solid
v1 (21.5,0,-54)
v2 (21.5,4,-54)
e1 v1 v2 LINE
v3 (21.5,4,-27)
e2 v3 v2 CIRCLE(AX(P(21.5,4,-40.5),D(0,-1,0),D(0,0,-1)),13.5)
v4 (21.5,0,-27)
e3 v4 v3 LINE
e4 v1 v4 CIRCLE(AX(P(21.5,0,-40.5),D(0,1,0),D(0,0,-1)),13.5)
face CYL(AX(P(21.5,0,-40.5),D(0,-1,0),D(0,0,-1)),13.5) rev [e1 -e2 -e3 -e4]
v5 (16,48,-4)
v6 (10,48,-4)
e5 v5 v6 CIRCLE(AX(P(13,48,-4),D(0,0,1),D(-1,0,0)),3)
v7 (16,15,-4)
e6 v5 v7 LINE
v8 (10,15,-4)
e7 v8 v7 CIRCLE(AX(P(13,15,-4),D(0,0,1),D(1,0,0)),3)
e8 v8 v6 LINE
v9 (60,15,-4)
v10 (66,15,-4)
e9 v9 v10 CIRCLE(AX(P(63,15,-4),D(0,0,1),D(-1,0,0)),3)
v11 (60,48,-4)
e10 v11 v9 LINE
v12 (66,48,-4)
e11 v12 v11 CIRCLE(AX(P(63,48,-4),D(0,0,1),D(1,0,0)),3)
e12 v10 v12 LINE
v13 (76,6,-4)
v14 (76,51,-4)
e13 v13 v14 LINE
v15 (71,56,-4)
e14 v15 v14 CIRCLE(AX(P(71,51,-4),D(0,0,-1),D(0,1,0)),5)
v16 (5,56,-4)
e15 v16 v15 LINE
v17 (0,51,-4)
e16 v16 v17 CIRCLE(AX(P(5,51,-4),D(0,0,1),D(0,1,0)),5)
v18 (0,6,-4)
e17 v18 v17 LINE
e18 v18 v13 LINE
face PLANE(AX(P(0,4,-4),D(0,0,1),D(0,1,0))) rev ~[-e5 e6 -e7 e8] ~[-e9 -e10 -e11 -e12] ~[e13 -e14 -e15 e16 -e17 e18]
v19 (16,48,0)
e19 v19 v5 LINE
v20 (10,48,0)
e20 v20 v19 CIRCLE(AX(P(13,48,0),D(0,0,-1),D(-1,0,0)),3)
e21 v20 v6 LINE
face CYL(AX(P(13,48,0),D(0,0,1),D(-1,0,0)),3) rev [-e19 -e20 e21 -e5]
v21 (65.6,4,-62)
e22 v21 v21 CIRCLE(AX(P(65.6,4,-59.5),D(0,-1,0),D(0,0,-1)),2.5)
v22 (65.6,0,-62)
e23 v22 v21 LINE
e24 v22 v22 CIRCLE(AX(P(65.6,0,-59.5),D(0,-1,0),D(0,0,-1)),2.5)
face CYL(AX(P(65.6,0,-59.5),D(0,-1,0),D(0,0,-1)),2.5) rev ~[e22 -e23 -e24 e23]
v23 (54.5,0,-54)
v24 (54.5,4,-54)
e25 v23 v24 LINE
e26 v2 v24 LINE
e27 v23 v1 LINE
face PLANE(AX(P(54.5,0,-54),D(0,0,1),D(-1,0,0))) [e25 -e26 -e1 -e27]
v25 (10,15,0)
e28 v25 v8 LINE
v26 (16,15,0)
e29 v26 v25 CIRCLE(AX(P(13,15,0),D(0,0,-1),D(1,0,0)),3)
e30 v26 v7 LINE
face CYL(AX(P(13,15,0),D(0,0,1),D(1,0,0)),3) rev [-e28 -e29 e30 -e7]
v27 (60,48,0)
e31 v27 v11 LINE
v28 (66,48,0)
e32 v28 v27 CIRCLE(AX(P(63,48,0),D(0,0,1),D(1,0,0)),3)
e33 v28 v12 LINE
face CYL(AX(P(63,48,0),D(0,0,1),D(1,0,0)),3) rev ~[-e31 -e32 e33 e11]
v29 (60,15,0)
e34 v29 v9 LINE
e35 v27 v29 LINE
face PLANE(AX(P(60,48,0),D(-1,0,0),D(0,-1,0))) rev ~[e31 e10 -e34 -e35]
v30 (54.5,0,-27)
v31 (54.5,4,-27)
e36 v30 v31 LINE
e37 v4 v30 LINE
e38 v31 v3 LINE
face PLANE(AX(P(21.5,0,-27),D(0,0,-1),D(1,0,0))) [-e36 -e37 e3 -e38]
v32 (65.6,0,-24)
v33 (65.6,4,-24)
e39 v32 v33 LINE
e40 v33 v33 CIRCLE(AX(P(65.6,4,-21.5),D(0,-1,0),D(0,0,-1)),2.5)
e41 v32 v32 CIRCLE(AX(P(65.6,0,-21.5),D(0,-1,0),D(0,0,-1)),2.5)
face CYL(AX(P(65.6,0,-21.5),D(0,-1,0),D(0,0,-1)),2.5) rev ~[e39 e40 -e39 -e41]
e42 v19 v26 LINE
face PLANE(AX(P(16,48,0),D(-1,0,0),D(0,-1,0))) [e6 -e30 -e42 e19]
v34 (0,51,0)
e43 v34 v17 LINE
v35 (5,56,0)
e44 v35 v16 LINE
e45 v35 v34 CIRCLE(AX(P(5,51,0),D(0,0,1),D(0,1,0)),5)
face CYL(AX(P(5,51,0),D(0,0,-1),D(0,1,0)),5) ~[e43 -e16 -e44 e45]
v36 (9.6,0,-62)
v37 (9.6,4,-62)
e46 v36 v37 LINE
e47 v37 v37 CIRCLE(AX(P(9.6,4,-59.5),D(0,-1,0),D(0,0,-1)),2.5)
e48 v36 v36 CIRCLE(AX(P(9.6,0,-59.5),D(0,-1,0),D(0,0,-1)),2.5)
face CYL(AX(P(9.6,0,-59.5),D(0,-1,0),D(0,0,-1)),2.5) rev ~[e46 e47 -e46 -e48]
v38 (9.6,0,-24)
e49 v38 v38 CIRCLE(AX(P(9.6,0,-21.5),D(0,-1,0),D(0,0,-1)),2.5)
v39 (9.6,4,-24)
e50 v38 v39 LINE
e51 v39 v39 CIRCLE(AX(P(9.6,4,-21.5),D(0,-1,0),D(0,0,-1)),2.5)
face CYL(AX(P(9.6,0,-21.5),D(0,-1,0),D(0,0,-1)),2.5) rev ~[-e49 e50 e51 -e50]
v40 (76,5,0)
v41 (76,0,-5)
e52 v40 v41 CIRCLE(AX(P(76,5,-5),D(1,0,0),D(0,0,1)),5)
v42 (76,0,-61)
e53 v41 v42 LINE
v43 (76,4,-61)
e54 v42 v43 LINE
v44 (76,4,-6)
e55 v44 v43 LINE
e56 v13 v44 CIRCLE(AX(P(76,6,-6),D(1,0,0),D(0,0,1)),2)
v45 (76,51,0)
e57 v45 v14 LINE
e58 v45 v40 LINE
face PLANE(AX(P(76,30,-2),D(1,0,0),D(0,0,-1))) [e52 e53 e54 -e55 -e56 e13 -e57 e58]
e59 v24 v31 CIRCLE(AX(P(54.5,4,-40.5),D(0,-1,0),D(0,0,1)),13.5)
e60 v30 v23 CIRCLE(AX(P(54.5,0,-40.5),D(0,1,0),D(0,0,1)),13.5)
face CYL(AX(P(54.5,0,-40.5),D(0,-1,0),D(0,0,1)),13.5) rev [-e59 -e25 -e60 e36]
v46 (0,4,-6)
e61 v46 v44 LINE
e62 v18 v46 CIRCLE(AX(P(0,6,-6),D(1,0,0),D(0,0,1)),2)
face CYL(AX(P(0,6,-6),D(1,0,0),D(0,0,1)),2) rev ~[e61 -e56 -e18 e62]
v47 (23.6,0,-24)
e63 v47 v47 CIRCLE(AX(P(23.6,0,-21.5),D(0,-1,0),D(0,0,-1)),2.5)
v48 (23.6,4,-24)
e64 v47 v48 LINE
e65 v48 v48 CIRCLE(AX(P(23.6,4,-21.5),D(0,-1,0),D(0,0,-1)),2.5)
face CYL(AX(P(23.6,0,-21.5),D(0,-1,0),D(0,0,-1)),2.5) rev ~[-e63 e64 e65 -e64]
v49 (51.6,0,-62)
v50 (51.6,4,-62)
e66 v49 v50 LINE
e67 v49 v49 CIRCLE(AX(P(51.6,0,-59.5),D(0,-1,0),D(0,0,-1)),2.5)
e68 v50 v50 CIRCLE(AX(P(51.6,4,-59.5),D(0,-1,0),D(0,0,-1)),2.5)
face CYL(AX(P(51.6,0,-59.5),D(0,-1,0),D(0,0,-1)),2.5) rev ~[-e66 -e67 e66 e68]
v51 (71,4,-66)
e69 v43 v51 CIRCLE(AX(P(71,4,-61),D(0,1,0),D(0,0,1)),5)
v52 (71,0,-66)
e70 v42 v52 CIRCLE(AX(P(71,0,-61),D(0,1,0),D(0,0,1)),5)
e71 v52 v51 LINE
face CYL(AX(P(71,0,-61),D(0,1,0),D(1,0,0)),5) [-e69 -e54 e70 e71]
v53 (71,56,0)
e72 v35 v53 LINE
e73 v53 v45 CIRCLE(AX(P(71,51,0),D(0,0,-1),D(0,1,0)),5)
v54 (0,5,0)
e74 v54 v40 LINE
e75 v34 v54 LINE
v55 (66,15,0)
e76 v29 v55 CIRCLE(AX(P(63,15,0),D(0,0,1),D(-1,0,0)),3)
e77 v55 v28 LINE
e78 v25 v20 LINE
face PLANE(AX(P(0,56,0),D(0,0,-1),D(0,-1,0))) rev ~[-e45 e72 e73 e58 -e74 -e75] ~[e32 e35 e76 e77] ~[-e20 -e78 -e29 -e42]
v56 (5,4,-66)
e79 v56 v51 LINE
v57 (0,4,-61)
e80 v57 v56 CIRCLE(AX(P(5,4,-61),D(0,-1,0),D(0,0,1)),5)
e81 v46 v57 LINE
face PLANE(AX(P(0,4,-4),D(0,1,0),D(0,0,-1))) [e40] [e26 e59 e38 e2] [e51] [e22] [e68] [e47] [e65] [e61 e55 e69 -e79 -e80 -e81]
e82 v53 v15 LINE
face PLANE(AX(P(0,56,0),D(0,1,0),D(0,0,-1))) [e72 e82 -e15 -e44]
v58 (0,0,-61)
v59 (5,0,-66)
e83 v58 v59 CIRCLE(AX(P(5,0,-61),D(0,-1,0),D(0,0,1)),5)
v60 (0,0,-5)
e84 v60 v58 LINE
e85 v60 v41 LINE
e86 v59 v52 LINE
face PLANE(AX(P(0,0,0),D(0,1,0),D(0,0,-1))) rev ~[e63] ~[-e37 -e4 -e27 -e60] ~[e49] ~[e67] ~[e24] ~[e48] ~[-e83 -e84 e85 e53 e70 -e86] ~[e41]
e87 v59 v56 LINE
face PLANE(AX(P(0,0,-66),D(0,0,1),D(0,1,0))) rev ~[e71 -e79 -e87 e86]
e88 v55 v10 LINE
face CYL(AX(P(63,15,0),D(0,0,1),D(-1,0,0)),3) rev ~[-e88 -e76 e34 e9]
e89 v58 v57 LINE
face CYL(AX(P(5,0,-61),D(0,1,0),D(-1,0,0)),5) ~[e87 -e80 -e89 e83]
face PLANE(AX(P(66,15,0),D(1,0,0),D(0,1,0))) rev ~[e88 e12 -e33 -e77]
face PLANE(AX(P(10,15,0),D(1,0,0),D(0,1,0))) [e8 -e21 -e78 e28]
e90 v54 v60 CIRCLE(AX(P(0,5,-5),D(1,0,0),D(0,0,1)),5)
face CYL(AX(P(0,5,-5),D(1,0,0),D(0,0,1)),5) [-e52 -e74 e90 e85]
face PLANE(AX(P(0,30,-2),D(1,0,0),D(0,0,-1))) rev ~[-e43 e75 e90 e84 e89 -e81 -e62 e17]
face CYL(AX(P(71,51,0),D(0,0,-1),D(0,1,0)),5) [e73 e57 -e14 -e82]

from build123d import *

# Parameters (mm, degrees)
SKETCH1_W           = 4
SKETCH1_H           = 52
SKETCH1_H_2         = 4
SKETCH1_W_2         = 62
BOSS_EXTRUDE1_DEPTH = 76
SKETCH2_R           = 2.5
CUT_EXTRUDE1_DEPTH  = 116.1868048
CUT_EXTRUDE2_DEPTH  = 116.1868048
FILLET1_R           = 5
FILLET2_R           = 2


with BuildPart() as part:
    # Sketch1 → Boss-Extrude1 (new body)
    with BuildSketch(Plane(origin=(0, 0, 0), x_dir=(0, 0, -1), z_dir=(1, 0, 0))):
        with Locations((2, 30)):
            Rectangle(SKETCH1_W, SKETCH1_H)
        with Locations((2, 2)):
            Rectangle(SKETCH1_W, SKETCH1_H_2)
        with Locations((35, 2)):
            Rectangle(SKETCH1_W_2, SKETCH1_H_2)
    extrude(amount=BOSS_EXTRUDE1_DEPTH)

    # Sketch2 → Cut-Extrude1 (cut, through all)
    with BuildSketch(Plane.XZ):
        with Locations(Location((9.6, -59.5, 0), (0, 0, 270))):
            Circle(SKETCH2_R)
        with Locations(Location((9.6, -21.5, 0), (0, 0, 270))):
            Circle(SKETCH2_R)
        with Locations(Location((23.6, -21.5, 0), (0, 0, 270))):
            Circle(SKETCH2_R)
        with Locations(Location((65.6, -21.5, 0), (0, 0, 270))):
            Circle(SKETCH2_R)
        with Locations(Location((65.6, -59.5, 0), (0, 0, 270))):
            Circle(SKETCH2_R)
        with Locations(Location((51.6, -59.5, 0), (0, 0, 270))):
            Circle(SKETCH2_R)
        with BuildLine():
            Line((54.5, -54), (21.5, -54))
            ThreePointArc((21.5, -54), (8, -40.5), (21.5, -27))
            Line((21.5, -27), (54.5, -27))
            ThreePointArc((54.5, -27), (68, -40.5), (54.5, -54))
        make_face()
    extrude(amount=-CUT_EXTRUDE1_DEPTH, mode=Mode.SUBTRACT)

    # Sketch3 → Cut-Extrude2 (cut, through all)
    with BuildSketch(Plane.XY):
        with BuildLine():
            Line((16, 48), (16, 15))
            ThreePointArc((16, 15), (13, 12), (10, 15))
            Line((10, 15), (10, 48))
            ThreePointArc((10, 48), (13, 51), (16, 48))
        make_face()
        with BuildLine():
            Line((60, 48), (60, 15))
            ThreePointArc((60, 15), (63, 12), (66, 15))
            Line((66, 15), (66, 48))
            ThreePointArc((66, 48), (63, 51), (60, 48))
        make_face()
    extrude(amount=-CUT_EXTRUDE2_DEPTH, mode=Mode.SUBTRACT)

    # Fillet1
    fillet1_edges = [part.edges().sort_by_distance(p)[0] for p in [
        (38, 0, 0),
        (76, 2, -66),
        (76, 56, -2),
        (0, 56, -2),
        (0, 2, -66),
    ]]
    fillet(fillet1_edges, radius=FILLET1_R)

    # Fillet2
    fillet2_edges = [part.edges().sort_by_distance(p)[0] for p in [
        (38, 4, -4),
    ]]
    fillet(fillet2_edges, radius=FILLET2_R)


solid = part.part
